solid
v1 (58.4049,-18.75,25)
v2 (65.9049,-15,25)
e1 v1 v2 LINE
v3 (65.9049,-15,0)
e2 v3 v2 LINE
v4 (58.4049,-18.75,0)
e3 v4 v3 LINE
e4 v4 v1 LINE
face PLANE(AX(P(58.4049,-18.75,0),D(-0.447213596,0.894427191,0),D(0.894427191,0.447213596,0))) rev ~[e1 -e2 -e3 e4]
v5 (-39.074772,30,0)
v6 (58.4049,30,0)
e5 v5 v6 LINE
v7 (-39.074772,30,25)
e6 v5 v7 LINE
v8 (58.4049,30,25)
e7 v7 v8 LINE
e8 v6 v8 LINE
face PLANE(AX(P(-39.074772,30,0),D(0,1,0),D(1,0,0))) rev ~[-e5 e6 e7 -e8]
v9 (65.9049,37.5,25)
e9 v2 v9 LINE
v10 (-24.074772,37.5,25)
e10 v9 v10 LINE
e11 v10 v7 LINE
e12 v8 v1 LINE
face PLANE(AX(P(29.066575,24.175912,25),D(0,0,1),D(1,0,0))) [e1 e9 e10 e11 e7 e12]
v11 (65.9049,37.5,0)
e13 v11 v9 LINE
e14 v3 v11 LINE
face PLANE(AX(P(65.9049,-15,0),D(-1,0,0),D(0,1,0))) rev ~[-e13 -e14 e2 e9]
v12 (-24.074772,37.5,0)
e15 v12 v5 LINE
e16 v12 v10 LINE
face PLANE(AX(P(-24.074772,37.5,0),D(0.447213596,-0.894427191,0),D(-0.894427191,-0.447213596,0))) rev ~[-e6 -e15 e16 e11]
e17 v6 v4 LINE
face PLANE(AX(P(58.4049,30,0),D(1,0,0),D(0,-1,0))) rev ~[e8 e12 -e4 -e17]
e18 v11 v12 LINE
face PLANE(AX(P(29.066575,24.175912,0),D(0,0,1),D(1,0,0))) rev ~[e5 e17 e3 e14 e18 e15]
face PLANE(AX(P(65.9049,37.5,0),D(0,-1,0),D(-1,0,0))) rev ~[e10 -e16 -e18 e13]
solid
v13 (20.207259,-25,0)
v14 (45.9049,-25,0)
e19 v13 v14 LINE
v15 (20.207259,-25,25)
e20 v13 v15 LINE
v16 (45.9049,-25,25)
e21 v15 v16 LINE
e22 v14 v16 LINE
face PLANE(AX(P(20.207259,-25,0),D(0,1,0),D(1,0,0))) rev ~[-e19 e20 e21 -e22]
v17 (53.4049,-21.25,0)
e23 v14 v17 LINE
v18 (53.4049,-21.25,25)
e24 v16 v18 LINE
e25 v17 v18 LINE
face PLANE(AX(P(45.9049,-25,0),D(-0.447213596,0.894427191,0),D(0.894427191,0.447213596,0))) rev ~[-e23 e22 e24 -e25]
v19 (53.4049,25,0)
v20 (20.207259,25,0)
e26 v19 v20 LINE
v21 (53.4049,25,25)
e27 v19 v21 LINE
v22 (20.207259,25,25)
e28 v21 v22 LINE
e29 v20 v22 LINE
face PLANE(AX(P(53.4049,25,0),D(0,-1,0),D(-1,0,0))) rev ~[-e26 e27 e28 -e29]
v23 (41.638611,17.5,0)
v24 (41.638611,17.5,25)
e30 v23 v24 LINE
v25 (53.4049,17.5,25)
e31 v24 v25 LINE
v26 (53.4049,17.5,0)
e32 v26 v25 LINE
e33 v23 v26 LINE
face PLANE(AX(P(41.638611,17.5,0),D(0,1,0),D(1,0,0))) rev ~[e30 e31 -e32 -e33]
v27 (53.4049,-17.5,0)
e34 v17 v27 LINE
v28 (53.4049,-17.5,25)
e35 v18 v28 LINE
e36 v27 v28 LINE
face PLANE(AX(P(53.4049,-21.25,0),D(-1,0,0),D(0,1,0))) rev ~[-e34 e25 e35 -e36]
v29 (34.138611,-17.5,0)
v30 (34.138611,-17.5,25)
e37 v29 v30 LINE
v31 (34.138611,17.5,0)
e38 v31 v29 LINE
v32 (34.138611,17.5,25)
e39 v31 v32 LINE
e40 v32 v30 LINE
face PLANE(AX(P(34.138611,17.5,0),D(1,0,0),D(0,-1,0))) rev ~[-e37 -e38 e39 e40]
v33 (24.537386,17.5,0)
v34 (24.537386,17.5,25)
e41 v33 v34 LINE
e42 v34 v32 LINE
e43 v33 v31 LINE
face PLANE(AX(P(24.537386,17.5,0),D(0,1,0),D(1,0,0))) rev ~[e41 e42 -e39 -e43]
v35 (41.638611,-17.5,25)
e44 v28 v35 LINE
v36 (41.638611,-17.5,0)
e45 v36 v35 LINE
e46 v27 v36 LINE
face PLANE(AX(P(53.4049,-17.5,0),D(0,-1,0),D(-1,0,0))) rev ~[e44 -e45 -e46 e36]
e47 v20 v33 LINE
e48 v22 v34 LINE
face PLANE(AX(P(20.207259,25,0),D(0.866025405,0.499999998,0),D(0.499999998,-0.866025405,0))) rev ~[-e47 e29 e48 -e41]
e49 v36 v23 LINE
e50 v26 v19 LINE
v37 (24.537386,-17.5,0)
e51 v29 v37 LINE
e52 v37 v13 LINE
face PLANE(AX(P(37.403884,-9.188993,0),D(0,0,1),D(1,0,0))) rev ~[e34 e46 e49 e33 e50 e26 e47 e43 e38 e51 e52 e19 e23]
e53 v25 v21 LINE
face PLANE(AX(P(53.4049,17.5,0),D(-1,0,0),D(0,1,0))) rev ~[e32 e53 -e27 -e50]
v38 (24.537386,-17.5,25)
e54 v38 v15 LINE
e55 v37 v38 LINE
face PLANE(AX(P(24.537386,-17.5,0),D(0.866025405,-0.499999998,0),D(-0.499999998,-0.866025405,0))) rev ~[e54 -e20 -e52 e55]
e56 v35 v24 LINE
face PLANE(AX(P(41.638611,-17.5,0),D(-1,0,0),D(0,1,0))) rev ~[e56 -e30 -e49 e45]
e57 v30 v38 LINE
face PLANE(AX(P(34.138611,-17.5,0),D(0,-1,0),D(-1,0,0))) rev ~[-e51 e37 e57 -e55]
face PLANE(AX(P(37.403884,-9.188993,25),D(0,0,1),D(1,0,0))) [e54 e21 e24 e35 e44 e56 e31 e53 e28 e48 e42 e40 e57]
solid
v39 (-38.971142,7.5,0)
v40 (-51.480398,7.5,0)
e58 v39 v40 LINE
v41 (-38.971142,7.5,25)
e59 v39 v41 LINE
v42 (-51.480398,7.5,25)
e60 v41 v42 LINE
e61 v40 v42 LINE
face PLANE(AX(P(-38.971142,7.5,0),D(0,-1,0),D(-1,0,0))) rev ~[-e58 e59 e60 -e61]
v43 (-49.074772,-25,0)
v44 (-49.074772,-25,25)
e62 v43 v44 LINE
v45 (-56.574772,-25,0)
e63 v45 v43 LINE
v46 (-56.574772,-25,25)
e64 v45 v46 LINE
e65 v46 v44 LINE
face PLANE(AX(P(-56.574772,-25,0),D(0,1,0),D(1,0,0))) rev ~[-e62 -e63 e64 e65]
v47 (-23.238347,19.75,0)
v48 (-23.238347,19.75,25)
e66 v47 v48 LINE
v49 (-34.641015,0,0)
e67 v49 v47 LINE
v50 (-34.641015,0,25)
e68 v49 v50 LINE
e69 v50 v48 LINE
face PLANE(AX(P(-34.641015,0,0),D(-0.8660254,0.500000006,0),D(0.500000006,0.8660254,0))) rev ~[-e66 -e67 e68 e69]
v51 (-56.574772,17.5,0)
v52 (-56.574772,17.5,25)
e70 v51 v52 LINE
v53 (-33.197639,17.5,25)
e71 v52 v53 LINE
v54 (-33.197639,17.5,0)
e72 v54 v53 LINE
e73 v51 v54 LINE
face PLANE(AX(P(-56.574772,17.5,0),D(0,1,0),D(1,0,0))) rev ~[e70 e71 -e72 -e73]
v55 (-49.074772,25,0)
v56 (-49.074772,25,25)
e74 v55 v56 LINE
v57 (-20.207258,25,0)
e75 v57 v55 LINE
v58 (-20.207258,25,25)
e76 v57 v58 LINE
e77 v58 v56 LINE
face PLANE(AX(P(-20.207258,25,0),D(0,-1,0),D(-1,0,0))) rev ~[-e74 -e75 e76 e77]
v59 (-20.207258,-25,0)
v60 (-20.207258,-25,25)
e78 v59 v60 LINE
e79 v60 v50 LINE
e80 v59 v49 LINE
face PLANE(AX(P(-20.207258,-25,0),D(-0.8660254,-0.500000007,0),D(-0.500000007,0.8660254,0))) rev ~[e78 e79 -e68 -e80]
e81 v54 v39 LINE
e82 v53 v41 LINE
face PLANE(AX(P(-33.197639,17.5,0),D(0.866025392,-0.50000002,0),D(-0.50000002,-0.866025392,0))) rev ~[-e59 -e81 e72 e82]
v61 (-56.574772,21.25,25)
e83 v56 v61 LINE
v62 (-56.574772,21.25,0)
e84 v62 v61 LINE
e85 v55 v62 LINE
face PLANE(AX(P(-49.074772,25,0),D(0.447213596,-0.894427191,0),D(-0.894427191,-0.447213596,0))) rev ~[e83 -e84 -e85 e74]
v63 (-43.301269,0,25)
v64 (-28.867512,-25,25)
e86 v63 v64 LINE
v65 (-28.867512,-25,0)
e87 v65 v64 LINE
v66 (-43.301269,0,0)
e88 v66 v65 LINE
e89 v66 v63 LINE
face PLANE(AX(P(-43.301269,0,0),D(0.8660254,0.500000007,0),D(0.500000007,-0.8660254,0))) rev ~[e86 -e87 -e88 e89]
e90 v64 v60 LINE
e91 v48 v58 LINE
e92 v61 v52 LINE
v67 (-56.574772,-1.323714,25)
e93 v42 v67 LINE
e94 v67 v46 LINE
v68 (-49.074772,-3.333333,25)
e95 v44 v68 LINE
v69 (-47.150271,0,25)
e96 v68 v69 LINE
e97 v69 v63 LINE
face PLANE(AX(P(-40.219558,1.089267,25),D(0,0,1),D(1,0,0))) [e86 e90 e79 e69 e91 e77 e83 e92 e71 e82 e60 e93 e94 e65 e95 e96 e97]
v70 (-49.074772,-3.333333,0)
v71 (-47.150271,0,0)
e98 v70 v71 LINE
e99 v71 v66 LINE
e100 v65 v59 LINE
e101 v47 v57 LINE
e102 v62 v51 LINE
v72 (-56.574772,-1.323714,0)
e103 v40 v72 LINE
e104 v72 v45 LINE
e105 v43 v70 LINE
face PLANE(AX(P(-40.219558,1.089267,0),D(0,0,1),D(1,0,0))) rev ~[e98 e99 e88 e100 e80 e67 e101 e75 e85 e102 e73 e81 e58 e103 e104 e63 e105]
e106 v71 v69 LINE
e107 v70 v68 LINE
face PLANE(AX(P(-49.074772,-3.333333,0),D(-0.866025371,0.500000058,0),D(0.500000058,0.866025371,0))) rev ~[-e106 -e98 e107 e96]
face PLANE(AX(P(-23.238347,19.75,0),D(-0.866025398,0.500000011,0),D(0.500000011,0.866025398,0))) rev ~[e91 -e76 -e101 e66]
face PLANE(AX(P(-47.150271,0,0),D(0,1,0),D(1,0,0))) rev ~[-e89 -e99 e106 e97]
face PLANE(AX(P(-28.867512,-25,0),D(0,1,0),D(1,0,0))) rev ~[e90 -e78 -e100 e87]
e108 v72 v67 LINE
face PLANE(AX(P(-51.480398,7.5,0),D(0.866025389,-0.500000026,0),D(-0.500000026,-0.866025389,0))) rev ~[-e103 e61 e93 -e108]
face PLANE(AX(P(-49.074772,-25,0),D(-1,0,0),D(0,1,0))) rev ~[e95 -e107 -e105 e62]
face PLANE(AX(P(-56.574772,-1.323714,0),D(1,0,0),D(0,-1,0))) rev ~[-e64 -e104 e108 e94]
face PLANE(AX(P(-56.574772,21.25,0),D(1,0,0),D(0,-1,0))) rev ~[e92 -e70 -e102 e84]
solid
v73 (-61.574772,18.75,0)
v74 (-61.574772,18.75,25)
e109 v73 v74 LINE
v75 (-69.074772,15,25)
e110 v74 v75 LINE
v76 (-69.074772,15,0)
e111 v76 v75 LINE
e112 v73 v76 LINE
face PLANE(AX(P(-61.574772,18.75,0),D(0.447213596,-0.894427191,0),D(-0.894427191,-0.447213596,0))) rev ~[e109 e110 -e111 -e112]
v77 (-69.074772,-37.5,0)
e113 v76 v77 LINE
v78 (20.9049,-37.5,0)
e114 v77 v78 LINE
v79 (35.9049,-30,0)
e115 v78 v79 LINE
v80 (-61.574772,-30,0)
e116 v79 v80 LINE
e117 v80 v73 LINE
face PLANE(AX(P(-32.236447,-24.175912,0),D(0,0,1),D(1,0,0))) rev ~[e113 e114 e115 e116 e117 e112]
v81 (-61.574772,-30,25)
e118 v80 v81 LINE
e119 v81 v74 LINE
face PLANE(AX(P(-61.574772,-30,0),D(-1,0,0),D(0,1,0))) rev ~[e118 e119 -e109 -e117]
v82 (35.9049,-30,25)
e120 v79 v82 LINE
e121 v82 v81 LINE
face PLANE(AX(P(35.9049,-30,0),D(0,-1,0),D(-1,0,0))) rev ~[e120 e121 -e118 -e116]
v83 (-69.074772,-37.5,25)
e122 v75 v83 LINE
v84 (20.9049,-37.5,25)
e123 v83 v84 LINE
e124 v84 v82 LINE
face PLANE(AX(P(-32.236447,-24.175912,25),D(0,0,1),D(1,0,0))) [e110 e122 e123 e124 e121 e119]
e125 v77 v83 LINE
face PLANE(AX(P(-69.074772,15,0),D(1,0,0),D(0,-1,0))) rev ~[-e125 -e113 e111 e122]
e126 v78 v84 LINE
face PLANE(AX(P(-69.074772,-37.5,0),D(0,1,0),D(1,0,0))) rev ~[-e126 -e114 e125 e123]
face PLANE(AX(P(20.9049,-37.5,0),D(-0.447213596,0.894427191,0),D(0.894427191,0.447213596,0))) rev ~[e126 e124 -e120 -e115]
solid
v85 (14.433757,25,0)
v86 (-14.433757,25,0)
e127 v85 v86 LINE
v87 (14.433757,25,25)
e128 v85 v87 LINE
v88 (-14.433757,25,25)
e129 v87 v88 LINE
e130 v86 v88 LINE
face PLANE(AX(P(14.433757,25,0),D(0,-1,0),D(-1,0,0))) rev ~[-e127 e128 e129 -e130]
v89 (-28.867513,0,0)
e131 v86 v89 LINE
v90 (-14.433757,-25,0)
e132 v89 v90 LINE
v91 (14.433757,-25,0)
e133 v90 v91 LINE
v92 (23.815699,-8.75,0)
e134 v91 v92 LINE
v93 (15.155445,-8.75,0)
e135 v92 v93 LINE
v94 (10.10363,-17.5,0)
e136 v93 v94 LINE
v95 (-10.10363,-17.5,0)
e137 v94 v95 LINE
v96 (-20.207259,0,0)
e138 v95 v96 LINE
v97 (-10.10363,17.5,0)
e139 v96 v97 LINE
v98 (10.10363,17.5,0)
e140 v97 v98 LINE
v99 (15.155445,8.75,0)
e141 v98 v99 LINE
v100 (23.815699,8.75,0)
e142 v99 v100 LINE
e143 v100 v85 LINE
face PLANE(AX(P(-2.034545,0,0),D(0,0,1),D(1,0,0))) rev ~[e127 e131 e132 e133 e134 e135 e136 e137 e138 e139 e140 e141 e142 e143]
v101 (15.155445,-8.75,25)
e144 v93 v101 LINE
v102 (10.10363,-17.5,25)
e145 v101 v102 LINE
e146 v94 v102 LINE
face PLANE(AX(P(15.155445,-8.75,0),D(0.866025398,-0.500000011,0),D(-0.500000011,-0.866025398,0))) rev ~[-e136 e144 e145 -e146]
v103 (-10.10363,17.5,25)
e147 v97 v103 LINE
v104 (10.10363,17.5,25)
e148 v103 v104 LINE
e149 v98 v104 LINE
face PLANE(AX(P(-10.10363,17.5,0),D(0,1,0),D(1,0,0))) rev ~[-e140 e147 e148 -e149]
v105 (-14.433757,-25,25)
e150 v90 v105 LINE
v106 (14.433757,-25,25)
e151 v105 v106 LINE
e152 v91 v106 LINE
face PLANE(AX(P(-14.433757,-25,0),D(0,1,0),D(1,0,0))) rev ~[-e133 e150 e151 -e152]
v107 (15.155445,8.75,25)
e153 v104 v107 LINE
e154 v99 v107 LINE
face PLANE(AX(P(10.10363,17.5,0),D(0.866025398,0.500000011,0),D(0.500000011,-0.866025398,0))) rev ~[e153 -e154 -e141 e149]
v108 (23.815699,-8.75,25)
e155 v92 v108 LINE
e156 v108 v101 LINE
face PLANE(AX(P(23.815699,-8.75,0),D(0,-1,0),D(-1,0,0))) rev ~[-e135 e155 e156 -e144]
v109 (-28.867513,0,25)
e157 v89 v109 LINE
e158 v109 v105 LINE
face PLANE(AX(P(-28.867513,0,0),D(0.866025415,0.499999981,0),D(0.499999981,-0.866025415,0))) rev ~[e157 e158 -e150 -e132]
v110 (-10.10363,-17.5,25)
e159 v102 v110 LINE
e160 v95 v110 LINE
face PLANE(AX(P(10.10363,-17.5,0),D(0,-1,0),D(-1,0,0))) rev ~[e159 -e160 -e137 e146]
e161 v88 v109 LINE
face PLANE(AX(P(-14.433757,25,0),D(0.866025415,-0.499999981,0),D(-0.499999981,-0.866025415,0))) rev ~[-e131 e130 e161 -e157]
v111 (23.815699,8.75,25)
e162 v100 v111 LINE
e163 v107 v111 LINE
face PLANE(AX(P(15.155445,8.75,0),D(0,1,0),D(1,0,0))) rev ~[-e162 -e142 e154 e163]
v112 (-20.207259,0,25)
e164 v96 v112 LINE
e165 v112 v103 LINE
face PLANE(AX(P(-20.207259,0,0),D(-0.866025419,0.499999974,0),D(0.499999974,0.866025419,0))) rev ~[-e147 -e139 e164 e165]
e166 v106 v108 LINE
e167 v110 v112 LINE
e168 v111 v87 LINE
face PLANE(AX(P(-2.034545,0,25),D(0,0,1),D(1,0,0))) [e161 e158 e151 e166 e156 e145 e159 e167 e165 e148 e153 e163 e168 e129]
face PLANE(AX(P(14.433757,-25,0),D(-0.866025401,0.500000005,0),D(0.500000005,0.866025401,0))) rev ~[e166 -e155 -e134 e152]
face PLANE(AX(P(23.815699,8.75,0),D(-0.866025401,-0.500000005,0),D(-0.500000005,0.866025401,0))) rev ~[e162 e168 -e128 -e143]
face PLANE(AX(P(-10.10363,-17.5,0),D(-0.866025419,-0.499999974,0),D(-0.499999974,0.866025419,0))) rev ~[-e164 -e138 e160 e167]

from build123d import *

# Parameters (mm, degrees)
F3_DEPTH = 25


with BuildPart() as f3:
    # F2 (on Top) → F3 (new body)
    with BuildSketch(Plane.XY):
        Polygon((-69.074772, 15), (-69.074772, -37.5), (20.9049, -37.5), (35.9049, -30), (-61.574772, -30), (-61.574772, 18.75), align=None)
        Polygon((-38.971142, 7.5), (-49.074772, 7.5), (-51.480398, 7.5), (-56.574772, -1.323714), (-56.574772, -25), (-49.074772, -25), (-49.074772, -3.333333), (-47.150271, 0), (-43.301269, 0), (-28.867512, -25), (-20.207258, -25), (-34.641015, 0), (-23.238347, 19.75), (-20.207258, 25), (-49.074772, 25), (-56.574772, 21.25), (-56.574772, 17.5), (-49.074772, 17.5), (-33.197639, 17.5), align=None)
        Polygon((65.9049, -15), (65.9049, 37.5), (-24.074772, 37.5), (-39.074772, 30), (58.4049, 30), (58.4049, -18.75), align=None)
        Polygon((-28.867513, 0), (-14.433757, -25), (14.433757, -25), (23.815699, -8.75), (15.155445, -8.75), (10.10363, -17.5), (-10.10363, -17.5), (-20.207259, 0), (-10.10363, 17.5), (10.10363, 17.5), (15.155445, 8.75), (23.815699, 8.75), (14.433757, 25), (-14.433757, 25), align=None)
        Polygon((41.638611, -17.5), (41.638611, 17.5), (34.138611, 17.5), (34.138611, -17.5), (24.537386, -17.5), (20.207259, -25), (45.9049, -25), (53.4049, -21.25), (53.4049, -17.5), align=None)
        Polygon((34.138611, 17.5), (41.638611, 17.5), (53.4049, 17.5), (53.4049, 25), (20.207259, 25), (24.537386, 17.5), align=None)
    extrude(amount=F3_DEPTH)


solid = f3.part
